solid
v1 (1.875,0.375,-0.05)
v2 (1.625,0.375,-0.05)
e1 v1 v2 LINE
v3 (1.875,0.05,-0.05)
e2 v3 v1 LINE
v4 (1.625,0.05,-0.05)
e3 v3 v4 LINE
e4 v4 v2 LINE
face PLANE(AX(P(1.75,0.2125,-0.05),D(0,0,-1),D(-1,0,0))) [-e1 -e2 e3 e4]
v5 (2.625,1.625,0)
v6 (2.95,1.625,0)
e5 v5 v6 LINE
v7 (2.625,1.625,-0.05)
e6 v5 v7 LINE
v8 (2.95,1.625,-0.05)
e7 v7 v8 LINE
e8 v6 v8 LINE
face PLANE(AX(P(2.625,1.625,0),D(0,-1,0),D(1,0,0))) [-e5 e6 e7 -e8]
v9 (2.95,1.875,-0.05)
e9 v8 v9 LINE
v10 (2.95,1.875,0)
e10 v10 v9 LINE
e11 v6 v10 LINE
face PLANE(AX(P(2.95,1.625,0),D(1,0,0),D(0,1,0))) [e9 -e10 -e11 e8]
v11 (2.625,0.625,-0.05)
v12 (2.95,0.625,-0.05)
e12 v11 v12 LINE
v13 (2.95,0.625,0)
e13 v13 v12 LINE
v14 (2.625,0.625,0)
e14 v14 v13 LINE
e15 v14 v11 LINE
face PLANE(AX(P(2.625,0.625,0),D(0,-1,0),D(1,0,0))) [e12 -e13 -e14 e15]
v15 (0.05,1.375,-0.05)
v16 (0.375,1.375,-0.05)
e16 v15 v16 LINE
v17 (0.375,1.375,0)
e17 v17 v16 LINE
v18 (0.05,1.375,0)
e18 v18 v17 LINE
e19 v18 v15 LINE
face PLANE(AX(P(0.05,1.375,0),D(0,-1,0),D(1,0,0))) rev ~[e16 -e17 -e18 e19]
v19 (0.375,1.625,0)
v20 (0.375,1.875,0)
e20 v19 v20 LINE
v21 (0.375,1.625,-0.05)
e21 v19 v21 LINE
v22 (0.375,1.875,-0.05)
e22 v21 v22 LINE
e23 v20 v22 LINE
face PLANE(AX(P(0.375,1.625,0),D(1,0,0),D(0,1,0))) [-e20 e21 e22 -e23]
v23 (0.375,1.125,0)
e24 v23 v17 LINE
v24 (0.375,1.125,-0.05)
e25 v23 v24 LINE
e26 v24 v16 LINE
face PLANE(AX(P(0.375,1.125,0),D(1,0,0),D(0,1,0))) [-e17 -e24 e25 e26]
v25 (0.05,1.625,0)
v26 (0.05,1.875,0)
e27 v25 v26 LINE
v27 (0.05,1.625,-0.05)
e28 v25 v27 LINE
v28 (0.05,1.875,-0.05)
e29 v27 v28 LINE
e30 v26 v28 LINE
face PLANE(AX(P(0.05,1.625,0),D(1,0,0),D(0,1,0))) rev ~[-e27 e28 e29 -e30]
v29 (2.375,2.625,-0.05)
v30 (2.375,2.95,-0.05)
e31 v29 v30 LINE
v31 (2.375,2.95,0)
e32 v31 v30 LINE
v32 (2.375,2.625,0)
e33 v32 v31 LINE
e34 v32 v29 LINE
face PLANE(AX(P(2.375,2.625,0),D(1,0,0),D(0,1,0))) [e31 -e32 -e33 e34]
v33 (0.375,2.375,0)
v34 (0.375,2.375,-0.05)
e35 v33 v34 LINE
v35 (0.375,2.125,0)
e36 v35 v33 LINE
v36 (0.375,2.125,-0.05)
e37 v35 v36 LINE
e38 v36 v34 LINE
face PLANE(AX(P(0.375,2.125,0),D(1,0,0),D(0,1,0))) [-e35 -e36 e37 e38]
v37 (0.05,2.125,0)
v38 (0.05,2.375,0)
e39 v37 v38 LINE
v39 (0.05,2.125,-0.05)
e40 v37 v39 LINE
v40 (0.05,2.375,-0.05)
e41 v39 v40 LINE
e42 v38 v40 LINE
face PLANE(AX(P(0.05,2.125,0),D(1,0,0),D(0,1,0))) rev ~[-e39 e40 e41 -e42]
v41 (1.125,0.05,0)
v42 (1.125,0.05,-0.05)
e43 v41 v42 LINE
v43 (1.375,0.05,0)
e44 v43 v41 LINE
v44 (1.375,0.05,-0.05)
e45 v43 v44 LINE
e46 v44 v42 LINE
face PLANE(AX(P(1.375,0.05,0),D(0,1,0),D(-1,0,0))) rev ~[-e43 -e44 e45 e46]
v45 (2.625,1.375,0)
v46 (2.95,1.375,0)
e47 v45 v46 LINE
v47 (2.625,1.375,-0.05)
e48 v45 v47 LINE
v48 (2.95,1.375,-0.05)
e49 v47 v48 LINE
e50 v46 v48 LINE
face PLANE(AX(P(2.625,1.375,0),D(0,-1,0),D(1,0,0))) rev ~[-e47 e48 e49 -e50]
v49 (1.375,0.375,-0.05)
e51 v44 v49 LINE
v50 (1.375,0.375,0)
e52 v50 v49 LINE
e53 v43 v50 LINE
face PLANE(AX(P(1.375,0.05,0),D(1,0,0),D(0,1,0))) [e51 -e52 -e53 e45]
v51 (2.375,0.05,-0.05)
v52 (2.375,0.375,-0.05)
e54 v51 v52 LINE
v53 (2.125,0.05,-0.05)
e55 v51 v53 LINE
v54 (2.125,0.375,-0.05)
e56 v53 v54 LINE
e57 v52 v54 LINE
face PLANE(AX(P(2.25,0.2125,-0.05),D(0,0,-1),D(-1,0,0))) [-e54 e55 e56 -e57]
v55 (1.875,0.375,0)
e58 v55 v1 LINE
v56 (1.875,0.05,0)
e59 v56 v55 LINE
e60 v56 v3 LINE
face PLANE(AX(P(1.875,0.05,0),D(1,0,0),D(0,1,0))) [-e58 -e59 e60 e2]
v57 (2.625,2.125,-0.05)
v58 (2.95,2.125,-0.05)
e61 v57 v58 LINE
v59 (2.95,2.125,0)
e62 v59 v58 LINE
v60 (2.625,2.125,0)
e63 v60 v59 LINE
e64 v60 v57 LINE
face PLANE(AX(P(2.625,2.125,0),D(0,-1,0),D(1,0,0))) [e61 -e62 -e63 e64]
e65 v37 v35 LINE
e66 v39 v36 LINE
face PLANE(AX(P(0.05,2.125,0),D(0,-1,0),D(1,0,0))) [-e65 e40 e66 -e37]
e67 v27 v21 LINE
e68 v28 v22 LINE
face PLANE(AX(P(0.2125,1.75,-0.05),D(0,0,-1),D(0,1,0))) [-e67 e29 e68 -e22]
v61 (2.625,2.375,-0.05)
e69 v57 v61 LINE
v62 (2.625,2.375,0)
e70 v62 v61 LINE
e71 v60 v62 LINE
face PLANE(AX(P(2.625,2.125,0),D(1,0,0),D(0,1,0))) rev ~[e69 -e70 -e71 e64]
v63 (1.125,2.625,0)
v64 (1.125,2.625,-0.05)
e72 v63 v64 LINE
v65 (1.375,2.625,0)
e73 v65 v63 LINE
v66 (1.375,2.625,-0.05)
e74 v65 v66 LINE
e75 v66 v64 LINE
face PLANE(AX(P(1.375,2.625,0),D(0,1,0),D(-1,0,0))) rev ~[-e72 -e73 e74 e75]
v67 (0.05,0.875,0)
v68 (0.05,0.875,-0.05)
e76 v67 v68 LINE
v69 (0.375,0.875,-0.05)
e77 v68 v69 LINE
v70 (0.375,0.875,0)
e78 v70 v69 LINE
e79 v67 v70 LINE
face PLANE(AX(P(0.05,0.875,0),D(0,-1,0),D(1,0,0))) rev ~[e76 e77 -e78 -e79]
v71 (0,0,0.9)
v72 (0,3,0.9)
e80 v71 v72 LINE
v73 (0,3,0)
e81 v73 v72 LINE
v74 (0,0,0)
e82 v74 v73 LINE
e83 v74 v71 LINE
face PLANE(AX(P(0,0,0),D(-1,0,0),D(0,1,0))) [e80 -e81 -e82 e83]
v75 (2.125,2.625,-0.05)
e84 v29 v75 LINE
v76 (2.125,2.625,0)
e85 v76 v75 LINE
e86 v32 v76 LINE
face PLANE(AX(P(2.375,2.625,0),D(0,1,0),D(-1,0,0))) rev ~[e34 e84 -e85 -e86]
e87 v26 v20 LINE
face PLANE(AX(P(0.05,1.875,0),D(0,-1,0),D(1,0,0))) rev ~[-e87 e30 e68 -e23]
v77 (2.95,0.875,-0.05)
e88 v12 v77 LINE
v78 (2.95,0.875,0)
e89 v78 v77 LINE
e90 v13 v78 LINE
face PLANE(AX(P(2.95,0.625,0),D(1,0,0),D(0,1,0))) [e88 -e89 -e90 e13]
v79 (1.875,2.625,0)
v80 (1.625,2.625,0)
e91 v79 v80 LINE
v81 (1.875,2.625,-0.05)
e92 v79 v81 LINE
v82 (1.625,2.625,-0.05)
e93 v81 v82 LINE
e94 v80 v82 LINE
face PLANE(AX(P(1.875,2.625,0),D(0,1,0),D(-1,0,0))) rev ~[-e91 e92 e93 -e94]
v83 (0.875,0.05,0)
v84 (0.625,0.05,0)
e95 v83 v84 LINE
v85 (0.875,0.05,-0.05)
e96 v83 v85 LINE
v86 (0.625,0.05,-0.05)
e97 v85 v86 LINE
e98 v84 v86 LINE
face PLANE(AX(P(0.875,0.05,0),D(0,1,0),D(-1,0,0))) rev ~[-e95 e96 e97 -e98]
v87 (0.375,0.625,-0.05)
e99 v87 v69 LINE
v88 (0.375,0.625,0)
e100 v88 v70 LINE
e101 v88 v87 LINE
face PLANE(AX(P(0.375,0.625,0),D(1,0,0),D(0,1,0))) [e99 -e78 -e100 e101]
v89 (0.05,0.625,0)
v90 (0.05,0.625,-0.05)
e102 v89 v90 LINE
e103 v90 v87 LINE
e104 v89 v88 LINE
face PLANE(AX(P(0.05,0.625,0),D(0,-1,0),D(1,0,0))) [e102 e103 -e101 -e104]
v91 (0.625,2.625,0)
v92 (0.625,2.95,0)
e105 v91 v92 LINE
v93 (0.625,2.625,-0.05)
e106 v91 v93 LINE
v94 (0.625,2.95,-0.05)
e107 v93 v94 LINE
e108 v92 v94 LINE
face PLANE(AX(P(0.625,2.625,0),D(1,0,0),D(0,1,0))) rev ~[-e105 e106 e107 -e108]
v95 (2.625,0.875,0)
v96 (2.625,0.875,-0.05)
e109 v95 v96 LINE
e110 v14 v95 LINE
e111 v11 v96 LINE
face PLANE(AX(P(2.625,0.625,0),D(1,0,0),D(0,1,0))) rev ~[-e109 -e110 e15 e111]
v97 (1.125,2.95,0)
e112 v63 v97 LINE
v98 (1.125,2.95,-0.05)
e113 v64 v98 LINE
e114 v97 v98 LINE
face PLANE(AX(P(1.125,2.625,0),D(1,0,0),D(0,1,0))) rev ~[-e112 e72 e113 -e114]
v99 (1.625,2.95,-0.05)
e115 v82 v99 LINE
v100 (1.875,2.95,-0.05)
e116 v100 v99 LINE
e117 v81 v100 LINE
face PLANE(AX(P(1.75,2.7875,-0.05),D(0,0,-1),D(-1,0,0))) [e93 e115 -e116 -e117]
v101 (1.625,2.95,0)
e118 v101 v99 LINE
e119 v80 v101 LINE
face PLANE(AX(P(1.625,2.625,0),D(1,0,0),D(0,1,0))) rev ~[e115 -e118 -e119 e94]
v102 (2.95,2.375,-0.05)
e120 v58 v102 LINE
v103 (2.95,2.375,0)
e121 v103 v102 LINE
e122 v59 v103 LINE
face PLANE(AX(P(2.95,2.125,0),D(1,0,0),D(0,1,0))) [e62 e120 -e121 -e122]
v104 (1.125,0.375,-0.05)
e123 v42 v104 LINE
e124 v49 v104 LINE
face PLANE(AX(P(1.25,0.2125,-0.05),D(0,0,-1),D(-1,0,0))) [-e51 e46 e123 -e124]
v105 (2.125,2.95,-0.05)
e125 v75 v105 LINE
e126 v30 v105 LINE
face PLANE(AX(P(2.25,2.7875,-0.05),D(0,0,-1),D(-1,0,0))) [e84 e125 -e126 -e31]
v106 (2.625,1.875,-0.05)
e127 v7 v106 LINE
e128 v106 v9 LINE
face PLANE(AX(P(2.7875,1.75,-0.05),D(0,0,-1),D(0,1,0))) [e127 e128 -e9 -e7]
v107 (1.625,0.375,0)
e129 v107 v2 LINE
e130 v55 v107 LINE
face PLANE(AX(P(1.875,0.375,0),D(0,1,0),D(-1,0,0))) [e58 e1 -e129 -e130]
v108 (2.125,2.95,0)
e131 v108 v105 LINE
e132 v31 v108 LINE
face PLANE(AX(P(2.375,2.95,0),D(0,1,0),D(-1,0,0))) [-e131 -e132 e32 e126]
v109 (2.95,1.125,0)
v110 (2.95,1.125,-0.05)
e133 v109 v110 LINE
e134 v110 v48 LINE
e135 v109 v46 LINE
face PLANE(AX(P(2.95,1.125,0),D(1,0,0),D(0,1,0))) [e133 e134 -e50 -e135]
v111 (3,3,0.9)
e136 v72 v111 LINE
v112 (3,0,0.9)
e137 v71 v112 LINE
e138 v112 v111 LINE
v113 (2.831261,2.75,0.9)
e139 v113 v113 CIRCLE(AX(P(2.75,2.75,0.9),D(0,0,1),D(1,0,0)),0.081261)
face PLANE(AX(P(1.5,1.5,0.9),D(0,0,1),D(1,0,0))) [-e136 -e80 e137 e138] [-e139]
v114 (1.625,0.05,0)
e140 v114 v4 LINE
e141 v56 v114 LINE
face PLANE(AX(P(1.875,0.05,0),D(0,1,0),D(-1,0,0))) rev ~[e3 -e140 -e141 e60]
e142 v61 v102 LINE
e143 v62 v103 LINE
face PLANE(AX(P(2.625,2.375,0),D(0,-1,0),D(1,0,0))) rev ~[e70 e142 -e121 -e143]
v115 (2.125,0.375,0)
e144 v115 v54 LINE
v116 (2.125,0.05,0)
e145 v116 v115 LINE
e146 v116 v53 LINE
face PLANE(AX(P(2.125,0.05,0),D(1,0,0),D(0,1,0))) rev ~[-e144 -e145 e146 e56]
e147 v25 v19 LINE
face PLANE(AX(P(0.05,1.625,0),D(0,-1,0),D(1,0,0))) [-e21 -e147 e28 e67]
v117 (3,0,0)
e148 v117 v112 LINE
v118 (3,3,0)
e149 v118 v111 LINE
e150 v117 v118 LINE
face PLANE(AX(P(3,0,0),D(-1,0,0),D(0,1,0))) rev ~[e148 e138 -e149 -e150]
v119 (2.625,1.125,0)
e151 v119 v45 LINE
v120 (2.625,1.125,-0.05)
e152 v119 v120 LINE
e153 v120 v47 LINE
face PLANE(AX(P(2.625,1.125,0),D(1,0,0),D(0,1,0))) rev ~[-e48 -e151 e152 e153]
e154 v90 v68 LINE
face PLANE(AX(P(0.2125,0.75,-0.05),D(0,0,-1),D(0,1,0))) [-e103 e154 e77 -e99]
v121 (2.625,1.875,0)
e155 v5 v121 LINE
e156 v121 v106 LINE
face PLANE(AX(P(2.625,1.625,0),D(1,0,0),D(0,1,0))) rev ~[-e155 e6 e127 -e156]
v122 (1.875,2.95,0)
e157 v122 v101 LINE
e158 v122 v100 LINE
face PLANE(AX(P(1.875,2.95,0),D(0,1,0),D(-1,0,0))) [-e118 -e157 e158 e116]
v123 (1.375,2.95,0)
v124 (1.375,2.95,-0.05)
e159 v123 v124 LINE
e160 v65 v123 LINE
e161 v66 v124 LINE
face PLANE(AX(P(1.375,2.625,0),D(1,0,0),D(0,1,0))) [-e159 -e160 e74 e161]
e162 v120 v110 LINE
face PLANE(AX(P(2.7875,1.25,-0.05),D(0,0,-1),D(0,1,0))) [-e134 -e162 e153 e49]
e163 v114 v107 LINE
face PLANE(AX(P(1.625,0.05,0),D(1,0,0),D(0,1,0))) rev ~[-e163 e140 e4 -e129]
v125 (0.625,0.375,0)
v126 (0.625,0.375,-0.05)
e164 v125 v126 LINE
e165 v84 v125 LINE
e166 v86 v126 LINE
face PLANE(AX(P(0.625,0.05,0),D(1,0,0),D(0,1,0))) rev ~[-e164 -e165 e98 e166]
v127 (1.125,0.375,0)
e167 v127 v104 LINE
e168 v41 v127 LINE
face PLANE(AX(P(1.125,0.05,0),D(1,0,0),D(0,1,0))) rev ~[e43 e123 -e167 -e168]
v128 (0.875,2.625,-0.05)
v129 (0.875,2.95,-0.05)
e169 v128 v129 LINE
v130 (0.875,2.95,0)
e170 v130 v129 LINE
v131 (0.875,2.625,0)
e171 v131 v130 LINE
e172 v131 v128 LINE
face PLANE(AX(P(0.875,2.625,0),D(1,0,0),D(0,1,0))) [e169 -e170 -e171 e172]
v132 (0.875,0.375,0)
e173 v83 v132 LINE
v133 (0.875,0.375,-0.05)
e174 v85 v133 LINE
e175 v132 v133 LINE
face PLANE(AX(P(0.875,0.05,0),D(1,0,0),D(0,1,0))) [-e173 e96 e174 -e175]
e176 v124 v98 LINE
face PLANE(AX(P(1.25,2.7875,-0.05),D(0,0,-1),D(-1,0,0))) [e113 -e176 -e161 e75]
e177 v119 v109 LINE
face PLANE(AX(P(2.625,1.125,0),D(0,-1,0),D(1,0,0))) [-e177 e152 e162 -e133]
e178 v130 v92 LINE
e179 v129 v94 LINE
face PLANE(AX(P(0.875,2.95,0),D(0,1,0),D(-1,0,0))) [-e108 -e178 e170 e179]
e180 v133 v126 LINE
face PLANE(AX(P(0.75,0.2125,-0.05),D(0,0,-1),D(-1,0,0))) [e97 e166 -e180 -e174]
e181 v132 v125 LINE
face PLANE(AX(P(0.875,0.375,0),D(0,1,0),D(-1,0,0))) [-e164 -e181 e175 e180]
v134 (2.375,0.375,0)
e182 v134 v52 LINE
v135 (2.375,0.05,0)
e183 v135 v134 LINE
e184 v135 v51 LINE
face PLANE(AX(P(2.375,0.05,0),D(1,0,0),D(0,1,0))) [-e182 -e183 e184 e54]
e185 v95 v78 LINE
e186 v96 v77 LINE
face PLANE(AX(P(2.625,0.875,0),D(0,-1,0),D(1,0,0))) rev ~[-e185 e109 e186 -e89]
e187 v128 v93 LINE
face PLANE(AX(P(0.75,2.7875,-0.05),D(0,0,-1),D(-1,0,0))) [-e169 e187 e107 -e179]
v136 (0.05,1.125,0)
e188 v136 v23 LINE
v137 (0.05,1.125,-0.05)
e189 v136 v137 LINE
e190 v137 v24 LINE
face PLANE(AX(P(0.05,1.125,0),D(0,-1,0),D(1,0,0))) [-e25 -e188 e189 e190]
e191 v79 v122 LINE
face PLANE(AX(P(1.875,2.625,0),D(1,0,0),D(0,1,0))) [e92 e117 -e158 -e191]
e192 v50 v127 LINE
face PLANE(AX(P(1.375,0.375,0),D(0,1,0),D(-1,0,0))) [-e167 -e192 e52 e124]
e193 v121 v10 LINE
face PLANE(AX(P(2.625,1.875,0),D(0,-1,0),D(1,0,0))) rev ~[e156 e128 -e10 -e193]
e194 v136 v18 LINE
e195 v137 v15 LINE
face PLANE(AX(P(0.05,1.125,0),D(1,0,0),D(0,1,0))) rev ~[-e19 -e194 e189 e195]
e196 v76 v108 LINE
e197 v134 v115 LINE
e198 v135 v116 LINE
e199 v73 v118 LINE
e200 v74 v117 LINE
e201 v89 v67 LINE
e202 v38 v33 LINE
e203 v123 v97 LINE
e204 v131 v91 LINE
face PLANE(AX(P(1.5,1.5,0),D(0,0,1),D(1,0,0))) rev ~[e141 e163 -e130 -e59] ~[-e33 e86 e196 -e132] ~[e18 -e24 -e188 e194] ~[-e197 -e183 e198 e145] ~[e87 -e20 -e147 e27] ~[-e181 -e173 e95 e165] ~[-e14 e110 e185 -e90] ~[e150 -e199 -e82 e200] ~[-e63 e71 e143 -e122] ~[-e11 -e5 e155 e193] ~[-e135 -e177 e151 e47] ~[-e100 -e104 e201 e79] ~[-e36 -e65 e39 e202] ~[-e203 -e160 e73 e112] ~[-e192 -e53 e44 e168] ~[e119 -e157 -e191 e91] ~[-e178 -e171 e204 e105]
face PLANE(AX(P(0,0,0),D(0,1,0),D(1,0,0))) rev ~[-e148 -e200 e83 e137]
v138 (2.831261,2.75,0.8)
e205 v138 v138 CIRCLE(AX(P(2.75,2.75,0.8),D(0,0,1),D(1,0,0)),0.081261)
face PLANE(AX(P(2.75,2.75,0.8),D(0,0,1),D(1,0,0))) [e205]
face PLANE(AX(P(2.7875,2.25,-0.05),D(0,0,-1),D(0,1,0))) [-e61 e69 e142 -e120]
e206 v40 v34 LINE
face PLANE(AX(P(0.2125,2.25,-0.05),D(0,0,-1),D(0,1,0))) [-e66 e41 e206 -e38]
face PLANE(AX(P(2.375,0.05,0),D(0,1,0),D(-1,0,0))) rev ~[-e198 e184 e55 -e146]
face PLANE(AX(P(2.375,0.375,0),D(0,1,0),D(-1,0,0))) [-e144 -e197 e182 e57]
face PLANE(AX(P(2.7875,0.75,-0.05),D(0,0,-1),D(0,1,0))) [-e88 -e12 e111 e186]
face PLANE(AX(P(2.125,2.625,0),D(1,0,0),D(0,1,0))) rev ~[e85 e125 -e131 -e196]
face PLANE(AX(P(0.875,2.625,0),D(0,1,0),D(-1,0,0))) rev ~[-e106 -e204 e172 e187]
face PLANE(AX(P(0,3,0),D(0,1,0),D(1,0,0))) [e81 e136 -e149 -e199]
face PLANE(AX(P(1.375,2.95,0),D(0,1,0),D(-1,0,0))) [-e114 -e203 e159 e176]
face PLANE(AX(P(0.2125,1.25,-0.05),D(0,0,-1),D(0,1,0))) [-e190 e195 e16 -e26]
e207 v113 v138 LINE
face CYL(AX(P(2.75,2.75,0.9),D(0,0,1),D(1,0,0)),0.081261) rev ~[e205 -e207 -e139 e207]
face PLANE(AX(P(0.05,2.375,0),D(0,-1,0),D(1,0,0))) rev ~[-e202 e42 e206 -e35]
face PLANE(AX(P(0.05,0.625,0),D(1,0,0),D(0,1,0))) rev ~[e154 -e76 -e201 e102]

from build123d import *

# Parameters (mm, degrees)
SKETCH2_W           = 3
SKETCH2_H           = 3
BOSS_EXTRUDE1_DEPTH = 0.9
SKETCH3_R           = 0.081261336
CUT_EXTRUDE1_DEPTH  = 0.1
SKETCH4_W           = 0.25
SKETCH4_H           = 0.325
BOSS_EXTRUDE2_DEPTH = 0.05
CIRPATTERN1_COUNT   = 2
CIRPATTERN1_ANGLE   = 90


with BuildPart() as part:
    # Sketch2 → Boss-Extrude1 (new body)
    with BuildSketch(Plane.XY):
        with Locations((1.5, 1.5)):
            Rectangle(SKETCH2_W, SKETCH2_H)
    extrude(amount=BOSS_EXTRUDE1_DEPTH)

    # Sketch3 → Cut-Extrude1 (cut)
    with BuildSketch(Plane.XY.offset(0.9)):
        with Locations((2.75, 2.75)):
            Circle(SKETCH3_R)
    extrude(amount=-CUT_EXTRUDE1_DEPTH, mode=Mode.SUBTRACT)

    # Sketch4 → Boss-Extrude2 (add)
    with BuildSketch(Plane(origin=(0, 0, 0), x_dir=(-1, 0, 0), z_dir=(0, 0, -1))):
        with Locations((-2.25, 2.7875)):
            Rectangle(SKETCH4_W, SKETCH4_H)
        with Locations((-1.75, 2.7875)):
            Rectangle(SKETCH4_W, SKETCH4_H)
        with Locations((-1.25, 2.7875)):
            Rectangle(SKETCH4_W, SKETCH4_H)
        with Locations((-0.75, 2.7875)):
            Rectangle(SKETCH4_W, SKETCH4_H)
        with Locations((-0.75, 0.2125)):
            Rectangle(SKETCH4_W, SKETCH4_H)
        with Locations((-1.25, 0.2125)):
            Rectangle(SKETCH4_W, SKETCH4_H)
        with Locations((-1.75, 0.2125)):
            Rectangle(SKETCH4_W, SKETCH4_H)
        with Locations((-2.25, 0.2125)):
            Rectangle(SKETCH4_W, SKETCH4_H)
    boss_extrude2 = extrude(amount=BOSS_EXTRUDE2_DEPTH)

    # CirPattern1: Boss-Extrude2 ×2 about axis
    cirpattern1_axis = Axis((1.5, 1.5, 0.945), (0, 0, -1))
    for i in range(1, CIRPATTERN1_COUNT):
        add(boss_extrude2.rotate(cirpattern1_axis, i * CIRPATTERN1_ANGLE / (CIRPATTERN1_COUNT - 1)))


solid = part.part
